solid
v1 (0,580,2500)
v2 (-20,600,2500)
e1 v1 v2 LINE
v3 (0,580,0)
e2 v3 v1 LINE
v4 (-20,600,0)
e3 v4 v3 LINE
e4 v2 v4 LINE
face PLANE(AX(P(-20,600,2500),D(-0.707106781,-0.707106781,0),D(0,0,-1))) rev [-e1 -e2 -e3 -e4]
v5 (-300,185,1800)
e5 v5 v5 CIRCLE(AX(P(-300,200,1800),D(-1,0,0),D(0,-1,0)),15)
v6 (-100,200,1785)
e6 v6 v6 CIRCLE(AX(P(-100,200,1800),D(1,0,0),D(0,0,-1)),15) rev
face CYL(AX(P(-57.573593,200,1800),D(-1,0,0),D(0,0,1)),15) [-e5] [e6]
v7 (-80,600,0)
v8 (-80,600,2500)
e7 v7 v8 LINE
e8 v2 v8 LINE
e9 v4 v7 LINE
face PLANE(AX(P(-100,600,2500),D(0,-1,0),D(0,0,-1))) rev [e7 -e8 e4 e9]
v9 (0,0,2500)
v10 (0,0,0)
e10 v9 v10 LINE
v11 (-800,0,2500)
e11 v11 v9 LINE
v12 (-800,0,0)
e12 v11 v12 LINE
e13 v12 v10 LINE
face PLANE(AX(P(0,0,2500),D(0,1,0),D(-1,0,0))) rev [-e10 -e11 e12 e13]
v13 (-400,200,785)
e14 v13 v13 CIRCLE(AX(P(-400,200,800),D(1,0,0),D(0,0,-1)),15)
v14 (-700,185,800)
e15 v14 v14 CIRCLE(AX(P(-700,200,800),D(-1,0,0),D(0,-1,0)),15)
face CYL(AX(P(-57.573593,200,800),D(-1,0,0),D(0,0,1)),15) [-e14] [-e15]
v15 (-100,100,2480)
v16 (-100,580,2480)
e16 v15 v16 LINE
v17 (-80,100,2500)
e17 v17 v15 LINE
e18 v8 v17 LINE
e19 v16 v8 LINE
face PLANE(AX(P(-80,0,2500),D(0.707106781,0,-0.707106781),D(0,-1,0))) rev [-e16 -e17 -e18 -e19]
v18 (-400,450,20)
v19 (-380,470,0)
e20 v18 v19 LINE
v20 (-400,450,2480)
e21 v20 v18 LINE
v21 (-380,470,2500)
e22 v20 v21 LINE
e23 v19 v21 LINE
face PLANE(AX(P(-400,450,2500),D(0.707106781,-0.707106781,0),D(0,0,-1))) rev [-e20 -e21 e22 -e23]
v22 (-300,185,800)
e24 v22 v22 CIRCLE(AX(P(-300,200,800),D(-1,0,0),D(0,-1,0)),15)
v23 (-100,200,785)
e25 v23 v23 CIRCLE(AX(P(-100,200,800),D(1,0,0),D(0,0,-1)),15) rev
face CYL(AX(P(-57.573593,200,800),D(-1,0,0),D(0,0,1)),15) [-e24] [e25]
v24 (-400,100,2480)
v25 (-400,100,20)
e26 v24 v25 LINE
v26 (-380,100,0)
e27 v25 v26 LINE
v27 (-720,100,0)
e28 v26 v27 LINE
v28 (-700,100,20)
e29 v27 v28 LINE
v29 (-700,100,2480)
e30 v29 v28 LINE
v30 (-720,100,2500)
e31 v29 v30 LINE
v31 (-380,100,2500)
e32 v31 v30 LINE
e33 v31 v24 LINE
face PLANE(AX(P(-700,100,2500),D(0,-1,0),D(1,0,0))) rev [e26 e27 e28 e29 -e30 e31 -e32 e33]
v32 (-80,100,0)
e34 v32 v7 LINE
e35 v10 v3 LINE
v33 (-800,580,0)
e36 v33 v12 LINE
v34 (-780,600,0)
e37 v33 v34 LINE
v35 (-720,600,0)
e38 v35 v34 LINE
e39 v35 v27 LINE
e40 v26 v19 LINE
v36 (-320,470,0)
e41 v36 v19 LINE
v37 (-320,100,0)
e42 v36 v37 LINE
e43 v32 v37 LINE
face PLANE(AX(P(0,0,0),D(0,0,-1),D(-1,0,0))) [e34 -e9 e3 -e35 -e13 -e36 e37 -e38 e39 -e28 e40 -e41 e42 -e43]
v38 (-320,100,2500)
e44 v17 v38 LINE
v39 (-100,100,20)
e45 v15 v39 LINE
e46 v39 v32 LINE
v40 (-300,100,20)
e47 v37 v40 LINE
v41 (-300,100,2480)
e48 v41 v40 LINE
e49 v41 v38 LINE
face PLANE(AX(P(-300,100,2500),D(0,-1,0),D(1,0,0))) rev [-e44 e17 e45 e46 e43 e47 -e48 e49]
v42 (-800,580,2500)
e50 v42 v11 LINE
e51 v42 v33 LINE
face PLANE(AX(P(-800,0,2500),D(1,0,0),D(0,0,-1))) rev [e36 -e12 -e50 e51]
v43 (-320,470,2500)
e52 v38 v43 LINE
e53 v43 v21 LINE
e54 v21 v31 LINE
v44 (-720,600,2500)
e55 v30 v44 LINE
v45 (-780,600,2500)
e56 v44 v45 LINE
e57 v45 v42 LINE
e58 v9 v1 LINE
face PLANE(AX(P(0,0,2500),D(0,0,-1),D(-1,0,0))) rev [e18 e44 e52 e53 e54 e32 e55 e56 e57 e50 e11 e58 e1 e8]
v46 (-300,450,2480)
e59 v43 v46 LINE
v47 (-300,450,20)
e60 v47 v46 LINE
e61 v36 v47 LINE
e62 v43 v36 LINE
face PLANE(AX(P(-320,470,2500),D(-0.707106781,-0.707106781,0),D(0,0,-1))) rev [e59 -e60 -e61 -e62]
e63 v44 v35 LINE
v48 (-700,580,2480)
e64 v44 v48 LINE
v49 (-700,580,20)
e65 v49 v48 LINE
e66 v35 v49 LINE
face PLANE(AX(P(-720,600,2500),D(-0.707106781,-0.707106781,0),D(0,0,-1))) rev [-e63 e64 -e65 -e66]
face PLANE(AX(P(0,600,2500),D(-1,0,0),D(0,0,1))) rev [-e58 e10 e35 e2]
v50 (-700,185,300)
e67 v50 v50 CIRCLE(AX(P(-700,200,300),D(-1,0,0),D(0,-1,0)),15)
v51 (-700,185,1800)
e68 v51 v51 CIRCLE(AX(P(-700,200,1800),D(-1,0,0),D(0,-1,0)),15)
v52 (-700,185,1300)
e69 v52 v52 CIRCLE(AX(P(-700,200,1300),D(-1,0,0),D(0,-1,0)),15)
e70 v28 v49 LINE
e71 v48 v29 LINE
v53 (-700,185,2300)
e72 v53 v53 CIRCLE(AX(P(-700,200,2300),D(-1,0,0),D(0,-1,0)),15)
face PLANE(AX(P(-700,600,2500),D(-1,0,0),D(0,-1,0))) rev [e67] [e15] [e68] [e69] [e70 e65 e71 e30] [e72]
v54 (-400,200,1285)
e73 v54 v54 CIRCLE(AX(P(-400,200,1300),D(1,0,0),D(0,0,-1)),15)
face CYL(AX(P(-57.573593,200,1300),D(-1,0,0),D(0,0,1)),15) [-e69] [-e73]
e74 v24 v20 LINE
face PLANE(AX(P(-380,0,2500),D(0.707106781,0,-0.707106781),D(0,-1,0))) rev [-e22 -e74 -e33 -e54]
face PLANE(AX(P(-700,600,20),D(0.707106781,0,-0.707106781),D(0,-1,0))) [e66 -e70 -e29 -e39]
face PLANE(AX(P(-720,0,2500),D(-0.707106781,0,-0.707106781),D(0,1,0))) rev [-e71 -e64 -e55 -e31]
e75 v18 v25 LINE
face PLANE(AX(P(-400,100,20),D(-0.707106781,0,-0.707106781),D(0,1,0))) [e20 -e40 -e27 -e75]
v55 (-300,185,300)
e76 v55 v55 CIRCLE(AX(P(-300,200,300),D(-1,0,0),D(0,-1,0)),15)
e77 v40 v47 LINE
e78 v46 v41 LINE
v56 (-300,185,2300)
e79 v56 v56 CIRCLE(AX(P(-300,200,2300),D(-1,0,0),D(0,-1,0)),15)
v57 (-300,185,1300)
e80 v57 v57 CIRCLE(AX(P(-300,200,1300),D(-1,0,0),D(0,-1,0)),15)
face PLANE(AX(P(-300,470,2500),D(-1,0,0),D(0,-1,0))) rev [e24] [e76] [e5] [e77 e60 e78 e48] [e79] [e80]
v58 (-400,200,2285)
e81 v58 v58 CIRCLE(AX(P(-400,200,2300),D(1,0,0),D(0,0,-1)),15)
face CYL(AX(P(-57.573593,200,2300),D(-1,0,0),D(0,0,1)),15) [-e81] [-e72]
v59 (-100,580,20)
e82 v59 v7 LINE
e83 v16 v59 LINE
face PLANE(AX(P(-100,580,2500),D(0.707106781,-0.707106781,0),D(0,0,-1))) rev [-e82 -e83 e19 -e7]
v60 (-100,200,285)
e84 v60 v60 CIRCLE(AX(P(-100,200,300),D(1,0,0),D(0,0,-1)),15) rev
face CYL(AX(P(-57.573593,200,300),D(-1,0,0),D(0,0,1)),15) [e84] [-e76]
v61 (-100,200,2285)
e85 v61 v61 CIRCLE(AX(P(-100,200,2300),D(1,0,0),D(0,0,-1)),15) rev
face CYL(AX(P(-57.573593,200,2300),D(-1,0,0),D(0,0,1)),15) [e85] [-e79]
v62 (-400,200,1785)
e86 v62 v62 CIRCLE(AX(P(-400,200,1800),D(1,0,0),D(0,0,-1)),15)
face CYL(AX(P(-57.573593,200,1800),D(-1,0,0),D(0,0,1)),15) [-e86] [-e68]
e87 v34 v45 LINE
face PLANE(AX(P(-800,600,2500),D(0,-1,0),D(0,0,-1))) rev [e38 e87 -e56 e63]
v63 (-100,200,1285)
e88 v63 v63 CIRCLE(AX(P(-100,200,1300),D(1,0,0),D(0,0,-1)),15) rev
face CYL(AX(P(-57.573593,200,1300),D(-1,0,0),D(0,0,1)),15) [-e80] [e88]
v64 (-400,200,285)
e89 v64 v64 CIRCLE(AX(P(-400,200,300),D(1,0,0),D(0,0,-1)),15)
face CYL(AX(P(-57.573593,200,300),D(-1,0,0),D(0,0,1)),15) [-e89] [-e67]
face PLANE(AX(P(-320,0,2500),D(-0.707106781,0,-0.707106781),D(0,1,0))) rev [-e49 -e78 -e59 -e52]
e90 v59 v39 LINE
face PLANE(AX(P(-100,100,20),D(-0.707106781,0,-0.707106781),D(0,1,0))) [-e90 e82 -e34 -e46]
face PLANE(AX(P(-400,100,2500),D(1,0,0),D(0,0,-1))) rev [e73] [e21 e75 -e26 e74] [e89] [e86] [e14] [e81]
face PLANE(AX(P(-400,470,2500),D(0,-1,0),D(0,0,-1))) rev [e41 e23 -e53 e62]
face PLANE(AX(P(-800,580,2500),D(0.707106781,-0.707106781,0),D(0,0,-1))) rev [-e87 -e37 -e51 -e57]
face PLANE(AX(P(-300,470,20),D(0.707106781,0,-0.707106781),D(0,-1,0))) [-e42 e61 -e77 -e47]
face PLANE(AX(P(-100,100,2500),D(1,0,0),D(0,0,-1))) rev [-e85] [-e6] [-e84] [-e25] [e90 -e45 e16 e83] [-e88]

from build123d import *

# Parameters (mm, degrees)
SALIENTE_EXTRUIR1_DEPTH = 2500
CHAFL_N2_SIZE           = 20
SALIENTE_EXTRUIR2_REACH = 2694.582
CROQUIS2_R              = 15
MATRIZL1_COUNT          = 5
MATRIZL1_PITCH          = 500


with BuildPart() as part:
    # Croquis1 → Saliente-Extruir1 (new body)
    with BuildSketch(Plane.XY):
        Polygon((0, 0), (-800, 0), (-800, 600), (-700, 600), (-700, 100), (-400, 100), (-400, 470), (-300, 470), (-300, 100), (-100, 100), (-100, 600), (0, 600), align=None)
    extrude(amount=SALIENTE_EXTRUIR1_DEPTH)

    # Chaflán2
    chafl_n2_edges = [part.edges().sort_by_distance(p)[0] for p in [
        (-100, 350, 2500),
        (-700, 350, 0),
        (-400, 285, 0),
        (-300, 285, 0),
        (-100, 350, 0),
        (-300, 285, 2500),
        (-800, 600, 1250),
        (-700, 600, 1250),
        (-400, 470, 1250),
        (-300, 470, 1250),
        (-100, 600, 1250),
        (0, 600, 1250),
        (-400, 285, 2500),
        (-700, 350, 2500),
    ]]
    chamfer(chafl_n2_edges, length=CHAFL_N2_SIZE)

    # Saliente-Extruir2: up to this face of the body (flat: up to its plane)
    saliente_extruir2_end = Plane(part.part.faces().sort_by_distance((-100, 340, 1250))[0])
    # Croquis2 → Saliente-Extruir2 (add, up to the picked face)
    with BuildSketch(Plane.ZY.offset(800), mode=Mode.PRIVATE) as saliente_extruir2_sk1:
        with Locations(Location((300, 200, 0), (0, 0, 270))):
            Circle(CROQUIS2_R)
    saliente_extruir2_tool1 = split(extrude(saliente_extruir2_sk1.sketch, amount=-SALIENTE_EXTRUIR2_REACH, mode=Mode.PRIVATE), bisect_by=saliente_extruir2_end, keep=Keep.BOTH, mode=Mode.PRIVATE)
    saliente_extruir2 = saliente_extruir2_tool1.solids().sort_by(Axis((-800, 200, 300), (1, 0, 0)))[0]
    add(saliente_extruir2)

    # MatrizL1: Saliente-Extruir2 ×5
    with Locations(*[(0, 0, i * MATRIZL1_PITCH) for i in range(1, MATRIZL1_COUNT)]):
        add(saliente_extruir2)


solid = part.part
